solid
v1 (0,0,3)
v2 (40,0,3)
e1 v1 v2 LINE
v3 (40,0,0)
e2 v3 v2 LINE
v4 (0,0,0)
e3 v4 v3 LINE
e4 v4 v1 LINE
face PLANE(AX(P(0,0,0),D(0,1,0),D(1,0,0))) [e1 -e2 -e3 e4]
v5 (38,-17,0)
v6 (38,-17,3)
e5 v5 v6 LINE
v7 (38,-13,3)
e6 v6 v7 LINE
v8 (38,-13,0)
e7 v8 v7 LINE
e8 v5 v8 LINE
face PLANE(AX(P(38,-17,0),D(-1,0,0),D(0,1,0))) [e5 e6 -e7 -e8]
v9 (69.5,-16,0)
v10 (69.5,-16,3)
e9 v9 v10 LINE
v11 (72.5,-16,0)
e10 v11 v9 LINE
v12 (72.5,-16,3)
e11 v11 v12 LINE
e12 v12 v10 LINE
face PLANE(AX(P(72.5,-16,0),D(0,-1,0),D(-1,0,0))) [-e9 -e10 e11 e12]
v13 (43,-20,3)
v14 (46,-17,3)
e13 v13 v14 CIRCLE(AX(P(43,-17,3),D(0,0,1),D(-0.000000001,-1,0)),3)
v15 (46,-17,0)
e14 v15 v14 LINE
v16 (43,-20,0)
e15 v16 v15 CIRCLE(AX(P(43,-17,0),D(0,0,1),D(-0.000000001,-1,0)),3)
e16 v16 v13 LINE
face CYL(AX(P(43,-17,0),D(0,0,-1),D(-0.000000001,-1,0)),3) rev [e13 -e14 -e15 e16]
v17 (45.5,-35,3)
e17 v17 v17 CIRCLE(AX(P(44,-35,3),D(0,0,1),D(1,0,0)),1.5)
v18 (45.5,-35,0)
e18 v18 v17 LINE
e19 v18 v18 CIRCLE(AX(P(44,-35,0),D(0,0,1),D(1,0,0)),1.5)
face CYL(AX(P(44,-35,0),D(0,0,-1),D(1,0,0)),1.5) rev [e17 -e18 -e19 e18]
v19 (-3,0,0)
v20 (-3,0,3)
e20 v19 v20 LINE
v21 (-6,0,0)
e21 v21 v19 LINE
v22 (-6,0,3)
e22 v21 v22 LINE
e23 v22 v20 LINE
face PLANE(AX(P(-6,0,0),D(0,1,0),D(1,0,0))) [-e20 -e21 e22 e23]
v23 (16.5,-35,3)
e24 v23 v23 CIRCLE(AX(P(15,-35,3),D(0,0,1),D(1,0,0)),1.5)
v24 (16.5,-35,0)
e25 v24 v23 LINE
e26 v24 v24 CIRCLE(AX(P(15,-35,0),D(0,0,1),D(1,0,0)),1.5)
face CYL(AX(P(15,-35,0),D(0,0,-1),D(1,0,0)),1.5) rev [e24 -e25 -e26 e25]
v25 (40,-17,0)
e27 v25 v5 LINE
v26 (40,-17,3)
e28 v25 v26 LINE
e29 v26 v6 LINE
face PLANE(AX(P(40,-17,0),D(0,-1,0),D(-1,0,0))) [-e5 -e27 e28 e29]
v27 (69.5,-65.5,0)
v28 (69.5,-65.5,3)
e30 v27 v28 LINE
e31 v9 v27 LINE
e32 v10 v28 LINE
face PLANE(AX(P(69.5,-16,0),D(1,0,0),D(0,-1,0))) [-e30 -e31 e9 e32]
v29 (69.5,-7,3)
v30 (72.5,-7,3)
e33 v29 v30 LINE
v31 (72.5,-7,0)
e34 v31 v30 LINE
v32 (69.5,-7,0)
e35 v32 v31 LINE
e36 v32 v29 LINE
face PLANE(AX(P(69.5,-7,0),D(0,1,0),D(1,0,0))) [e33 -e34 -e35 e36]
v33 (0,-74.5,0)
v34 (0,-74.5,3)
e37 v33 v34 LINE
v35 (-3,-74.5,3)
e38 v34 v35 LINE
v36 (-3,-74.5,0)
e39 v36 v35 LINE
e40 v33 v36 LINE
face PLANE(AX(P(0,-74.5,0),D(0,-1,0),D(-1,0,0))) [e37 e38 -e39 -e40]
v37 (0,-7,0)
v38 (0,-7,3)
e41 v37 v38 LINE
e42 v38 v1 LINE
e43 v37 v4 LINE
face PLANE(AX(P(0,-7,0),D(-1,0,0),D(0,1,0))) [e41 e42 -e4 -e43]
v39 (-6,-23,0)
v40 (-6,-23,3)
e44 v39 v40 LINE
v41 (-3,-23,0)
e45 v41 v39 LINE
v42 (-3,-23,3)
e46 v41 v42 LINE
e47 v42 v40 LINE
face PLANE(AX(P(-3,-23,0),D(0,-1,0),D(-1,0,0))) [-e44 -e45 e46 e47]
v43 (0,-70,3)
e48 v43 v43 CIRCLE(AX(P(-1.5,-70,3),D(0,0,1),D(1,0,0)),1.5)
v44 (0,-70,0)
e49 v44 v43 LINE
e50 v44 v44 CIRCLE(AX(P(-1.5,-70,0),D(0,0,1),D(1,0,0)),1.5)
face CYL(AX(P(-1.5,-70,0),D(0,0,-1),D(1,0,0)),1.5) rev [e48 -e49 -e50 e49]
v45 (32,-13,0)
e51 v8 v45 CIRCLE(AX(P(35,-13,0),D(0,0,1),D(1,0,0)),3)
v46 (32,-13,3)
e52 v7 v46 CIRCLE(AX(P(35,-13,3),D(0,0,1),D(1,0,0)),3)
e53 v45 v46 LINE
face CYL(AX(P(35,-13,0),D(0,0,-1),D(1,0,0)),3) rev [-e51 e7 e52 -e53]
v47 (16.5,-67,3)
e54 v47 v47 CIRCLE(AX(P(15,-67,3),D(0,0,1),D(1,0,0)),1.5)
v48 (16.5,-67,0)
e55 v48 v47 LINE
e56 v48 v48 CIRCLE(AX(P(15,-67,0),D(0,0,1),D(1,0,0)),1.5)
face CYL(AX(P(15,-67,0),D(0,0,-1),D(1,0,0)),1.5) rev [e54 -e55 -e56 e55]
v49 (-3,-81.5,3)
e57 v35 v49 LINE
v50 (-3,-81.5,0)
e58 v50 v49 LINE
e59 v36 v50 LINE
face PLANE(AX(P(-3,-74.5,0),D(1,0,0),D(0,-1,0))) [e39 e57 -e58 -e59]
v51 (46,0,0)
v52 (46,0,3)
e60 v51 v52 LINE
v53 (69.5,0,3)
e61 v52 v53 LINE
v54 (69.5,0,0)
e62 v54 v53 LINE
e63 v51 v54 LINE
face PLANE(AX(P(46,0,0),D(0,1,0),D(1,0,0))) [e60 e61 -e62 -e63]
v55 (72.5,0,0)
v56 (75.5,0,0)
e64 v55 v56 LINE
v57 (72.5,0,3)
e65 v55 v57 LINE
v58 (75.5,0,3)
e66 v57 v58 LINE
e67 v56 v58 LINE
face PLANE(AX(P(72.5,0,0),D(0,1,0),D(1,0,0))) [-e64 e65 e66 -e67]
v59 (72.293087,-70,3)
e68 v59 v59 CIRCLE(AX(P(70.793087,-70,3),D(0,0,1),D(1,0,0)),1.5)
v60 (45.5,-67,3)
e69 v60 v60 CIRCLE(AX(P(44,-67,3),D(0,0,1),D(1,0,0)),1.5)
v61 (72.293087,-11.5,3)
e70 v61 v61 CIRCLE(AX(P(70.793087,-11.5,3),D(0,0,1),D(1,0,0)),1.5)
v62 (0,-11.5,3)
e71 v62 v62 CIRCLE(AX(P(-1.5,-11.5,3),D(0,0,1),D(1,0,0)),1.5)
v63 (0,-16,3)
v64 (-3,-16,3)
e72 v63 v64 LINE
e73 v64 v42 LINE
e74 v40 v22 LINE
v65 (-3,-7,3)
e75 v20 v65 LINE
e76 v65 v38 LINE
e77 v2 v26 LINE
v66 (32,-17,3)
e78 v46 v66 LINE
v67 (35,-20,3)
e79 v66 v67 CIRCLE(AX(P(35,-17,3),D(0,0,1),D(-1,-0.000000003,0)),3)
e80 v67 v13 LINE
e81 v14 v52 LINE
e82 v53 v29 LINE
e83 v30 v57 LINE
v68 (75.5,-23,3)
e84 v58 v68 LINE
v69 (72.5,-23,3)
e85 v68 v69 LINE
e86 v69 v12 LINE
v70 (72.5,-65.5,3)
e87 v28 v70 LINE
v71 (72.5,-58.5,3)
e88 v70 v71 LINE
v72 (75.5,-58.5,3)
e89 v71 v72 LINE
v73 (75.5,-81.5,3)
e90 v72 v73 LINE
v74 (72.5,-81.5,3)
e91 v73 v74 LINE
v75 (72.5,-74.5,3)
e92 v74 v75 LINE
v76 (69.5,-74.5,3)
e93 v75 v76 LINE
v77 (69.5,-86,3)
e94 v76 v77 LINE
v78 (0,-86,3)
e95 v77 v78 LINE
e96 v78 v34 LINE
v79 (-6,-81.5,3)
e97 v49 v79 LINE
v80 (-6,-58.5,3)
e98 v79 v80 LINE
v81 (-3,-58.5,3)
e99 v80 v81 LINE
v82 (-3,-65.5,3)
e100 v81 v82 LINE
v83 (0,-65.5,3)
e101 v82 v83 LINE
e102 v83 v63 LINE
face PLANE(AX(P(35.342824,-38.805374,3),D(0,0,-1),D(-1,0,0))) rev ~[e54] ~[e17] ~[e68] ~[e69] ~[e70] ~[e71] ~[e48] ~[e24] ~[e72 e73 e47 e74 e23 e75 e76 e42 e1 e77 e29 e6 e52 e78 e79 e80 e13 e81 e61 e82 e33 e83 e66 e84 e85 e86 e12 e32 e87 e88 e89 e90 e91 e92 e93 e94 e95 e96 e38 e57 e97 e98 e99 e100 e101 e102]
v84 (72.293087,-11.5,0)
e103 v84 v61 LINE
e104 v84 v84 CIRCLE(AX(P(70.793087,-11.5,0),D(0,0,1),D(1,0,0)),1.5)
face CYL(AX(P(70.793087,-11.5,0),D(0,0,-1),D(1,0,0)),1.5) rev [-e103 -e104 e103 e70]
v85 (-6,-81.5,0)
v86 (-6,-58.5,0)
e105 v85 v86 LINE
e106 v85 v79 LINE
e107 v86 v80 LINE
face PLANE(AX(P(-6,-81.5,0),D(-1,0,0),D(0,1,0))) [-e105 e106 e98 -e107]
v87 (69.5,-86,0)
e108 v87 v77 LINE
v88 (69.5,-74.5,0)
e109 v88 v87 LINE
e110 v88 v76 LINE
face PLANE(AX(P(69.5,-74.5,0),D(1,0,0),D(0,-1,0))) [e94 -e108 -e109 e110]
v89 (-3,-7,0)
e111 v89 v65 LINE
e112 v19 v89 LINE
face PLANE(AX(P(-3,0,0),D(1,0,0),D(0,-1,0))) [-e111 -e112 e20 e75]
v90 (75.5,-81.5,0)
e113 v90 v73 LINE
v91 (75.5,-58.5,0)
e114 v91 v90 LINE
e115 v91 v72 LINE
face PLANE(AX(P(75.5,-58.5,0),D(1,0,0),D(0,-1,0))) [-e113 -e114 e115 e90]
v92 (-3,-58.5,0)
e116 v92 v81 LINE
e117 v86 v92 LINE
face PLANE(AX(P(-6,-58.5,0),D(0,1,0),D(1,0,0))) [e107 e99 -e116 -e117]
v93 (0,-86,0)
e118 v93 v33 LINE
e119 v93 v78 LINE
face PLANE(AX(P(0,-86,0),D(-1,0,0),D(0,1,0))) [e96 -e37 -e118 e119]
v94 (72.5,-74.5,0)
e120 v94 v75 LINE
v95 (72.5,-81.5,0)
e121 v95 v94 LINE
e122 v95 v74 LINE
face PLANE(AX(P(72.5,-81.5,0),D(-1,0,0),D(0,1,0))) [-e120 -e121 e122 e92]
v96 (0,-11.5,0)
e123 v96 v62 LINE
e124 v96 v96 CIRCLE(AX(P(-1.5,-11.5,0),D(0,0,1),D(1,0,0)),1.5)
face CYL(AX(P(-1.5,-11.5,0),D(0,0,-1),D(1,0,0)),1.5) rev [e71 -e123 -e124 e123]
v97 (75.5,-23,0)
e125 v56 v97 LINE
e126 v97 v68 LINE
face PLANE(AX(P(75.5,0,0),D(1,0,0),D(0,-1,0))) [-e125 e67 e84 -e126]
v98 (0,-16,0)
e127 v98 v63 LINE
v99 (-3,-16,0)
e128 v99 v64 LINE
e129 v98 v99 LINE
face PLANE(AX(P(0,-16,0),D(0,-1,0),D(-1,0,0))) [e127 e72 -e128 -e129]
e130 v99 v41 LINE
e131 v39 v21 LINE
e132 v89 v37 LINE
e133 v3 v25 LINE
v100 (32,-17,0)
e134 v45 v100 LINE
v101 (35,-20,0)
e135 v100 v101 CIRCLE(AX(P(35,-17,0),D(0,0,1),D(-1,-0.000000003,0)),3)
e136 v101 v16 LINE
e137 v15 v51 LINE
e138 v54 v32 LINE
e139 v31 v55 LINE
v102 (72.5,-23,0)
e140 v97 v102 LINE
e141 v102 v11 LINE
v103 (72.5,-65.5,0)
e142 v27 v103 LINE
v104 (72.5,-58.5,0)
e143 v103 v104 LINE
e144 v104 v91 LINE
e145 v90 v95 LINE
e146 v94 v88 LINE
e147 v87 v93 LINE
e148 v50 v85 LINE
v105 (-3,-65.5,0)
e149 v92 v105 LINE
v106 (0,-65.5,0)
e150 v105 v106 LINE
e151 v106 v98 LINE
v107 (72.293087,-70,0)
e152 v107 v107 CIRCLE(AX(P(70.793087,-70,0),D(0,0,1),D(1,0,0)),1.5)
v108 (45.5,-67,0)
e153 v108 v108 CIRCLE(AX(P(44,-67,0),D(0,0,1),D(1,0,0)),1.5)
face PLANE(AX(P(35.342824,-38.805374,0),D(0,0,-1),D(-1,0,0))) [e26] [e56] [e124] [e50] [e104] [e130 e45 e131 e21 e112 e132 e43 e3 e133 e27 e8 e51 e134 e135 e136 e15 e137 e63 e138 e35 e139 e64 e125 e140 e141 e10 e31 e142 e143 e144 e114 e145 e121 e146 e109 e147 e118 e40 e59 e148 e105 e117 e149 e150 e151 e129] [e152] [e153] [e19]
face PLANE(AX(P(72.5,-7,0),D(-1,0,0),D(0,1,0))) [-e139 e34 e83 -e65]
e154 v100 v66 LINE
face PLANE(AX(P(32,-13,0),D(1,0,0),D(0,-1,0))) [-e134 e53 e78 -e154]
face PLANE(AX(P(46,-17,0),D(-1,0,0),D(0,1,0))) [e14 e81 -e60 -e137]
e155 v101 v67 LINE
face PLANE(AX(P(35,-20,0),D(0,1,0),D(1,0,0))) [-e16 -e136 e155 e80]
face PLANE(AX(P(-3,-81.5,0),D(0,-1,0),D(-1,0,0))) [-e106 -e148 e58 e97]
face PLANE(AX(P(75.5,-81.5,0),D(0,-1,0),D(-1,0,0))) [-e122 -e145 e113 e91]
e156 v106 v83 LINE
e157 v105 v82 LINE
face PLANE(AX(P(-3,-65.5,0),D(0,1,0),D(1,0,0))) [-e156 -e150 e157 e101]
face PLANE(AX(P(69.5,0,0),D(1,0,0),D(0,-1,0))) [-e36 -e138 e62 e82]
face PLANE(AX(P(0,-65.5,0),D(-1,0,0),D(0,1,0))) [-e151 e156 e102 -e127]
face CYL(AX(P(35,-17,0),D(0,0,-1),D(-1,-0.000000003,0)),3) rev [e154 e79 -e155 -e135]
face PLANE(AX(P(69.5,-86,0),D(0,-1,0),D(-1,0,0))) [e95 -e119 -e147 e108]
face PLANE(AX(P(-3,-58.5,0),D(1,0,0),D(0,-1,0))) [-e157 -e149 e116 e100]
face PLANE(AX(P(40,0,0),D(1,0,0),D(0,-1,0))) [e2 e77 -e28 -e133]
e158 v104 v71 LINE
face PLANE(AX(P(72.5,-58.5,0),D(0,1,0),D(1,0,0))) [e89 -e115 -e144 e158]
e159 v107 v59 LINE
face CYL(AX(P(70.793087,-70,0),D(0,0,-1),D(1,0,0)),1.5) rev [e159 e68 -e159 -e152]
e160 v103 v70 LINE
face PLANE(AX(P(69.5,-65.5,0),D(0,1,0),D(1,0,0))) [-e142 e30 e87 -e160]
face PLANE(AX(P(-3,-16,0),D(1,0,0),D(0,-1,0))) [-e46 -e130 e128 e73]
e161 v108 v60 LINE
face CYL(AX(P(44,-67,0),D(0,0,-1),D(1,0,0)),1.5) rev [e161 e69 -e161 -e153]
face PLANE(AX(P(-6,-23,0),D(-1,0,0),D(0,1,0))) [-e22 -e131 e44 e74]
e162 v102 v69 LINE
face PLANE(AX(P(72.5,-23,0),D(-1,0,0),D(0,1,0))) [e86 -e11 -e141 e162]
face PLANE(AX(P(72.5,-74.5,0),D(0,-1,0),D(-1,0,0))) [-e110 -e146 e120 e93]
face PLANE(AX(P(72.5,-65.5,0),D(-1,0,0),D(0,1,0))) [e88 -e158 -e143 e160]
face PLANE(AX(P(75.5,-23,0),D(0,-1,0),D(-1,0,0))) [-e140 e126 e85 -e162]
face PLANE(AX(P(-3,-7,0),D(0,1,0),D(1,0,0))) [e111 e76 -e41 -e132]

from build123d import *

# Parameters (mm, degrees)
SKETCH_1_R      = 1.5
EXTRUDE_1_DEPTH = 3


with BuildPart() as part:
    # 草图1 → 凸台-拉伸1 (new body)
    with BuildSketch(Plane.XY):
        with BuildLine():
            Line((0, 0), (40, 0))
            Line((40, 0), (40, -17))
            Line((40, -17), (38, -17))
            Line((38, -17), (38, -13))
            ThreePointArc((38, -13), (35.000000014, -10.000000014), (32.000000029, -13))
            Line((32.000000029, -13), (32.000000029, -17))
            ThreePointArc((32.000000029, -17), (32.878679681, -19.121320333), (35.000000014, -20))
            Line((35.000000014, -20), (43.000000014, -20))
            ThreePointArc((43.000000014, -20), (45.121320358, -19.121320344), (46.000000014, -17))
            Line((46.000000014, -17), (46.000000014, 0))
            Line((46.000000014, 0), (69.5, 0))
            Line((69.5, 0), (69.5, -7))
            Line((69.5, -7), (72.5, -7))
            Line((72.5, -7), (72.5, 0))
            Line((72.5, 0), (75.5, 0))
            Line((75.5, 0), (75.5, -23))
            Line((75.5, -23), (72.5, -23))
            Line((72.5, -23), (72.5, -16))
            Line((72.5, -16), (69.5, -16))
            Line((69.5, -16), (69.5, -65.5))
            Line((69.5, -65.5), (72.5, -65.5))
            Line((72.5, -65.5), (72.5, -58.5))
            Line((72.5, -58.5), (75.5, -58.5))
            Line((75.5, -58.5), (75.5, -81.5))
            Line((75.5, -81.5), (72.5, -81.5))
            Line((72.5, -81.5), (72.5, -74.5))
            Line((72.5, -74.5), (69.5, -74.5))
            Line((69.5, -74.5), (69.5, -86))
            Line((69.5, -86), (0, -86))
            Line((0, -86), (0, -74.5))
            Line((0, -74.5), (-3, -74.5))
            Line((-3, -74.5), (-3, -81.5))
            Line((-3, -81.5), (-6, -81.5))
            Line((-6, -81.5), (-6, -58.5))
            Line((-6, -58.5), (-3, -58.5))
            Line((-3, -58.5), (-3, -65.5))
            Line((-3, -65.5), (0, -65.5))
            Line((0, -65.5), (0, -16))
            Line((0, -16), (-3, -16))
            Line((-3, -16), (-3, -23))
            Line((-3, -23), (-6, -23))
            Line((-6, -23), (-6, 0))
            Line((-6, 0), (-3, 0))
            Line((-3, 0), (-3, -7))
            Line((-3, -7), (0, -7))
            Line((0, -7), (0, 0))
        make_face()
        with Locations((15, -67)):
            Circle(SKETCH_1_R, mode=Mode.SUBTRACT)
        with Locations((44, -67)):
            Circle(SKETCH_1_R, mode=Mode.SUBTRACT)
        with Locations((15, -35)):
            Circle(SKETCH_1_R, mode=Mode.SUBTRACT)
        with Locations((44, -35)):
            Circle(SKETCH_1_R, mode=Mode.SUBTRACT)
        with Locations((-1.5, -70)):
            Circle(SKETCH_1_R, mode=Mode.SUBTRACT)
        with Locations((70.793087485, -70)):
            Circle(SKETCH_1_R, mode=Mode.SUBTRACT)
        with Locations((-1.5, -11.5)):
            Circle(SKETCH_1_R, mode=Mode.SUBTRACT)
        with Locations((70.793087485, -11.5)):
            Circle(SKETCH_1_R, mode=Mode.SUBTRACT)
    extrude(amount=EXTRUDE_1_DEPTH)


solid = part.part
